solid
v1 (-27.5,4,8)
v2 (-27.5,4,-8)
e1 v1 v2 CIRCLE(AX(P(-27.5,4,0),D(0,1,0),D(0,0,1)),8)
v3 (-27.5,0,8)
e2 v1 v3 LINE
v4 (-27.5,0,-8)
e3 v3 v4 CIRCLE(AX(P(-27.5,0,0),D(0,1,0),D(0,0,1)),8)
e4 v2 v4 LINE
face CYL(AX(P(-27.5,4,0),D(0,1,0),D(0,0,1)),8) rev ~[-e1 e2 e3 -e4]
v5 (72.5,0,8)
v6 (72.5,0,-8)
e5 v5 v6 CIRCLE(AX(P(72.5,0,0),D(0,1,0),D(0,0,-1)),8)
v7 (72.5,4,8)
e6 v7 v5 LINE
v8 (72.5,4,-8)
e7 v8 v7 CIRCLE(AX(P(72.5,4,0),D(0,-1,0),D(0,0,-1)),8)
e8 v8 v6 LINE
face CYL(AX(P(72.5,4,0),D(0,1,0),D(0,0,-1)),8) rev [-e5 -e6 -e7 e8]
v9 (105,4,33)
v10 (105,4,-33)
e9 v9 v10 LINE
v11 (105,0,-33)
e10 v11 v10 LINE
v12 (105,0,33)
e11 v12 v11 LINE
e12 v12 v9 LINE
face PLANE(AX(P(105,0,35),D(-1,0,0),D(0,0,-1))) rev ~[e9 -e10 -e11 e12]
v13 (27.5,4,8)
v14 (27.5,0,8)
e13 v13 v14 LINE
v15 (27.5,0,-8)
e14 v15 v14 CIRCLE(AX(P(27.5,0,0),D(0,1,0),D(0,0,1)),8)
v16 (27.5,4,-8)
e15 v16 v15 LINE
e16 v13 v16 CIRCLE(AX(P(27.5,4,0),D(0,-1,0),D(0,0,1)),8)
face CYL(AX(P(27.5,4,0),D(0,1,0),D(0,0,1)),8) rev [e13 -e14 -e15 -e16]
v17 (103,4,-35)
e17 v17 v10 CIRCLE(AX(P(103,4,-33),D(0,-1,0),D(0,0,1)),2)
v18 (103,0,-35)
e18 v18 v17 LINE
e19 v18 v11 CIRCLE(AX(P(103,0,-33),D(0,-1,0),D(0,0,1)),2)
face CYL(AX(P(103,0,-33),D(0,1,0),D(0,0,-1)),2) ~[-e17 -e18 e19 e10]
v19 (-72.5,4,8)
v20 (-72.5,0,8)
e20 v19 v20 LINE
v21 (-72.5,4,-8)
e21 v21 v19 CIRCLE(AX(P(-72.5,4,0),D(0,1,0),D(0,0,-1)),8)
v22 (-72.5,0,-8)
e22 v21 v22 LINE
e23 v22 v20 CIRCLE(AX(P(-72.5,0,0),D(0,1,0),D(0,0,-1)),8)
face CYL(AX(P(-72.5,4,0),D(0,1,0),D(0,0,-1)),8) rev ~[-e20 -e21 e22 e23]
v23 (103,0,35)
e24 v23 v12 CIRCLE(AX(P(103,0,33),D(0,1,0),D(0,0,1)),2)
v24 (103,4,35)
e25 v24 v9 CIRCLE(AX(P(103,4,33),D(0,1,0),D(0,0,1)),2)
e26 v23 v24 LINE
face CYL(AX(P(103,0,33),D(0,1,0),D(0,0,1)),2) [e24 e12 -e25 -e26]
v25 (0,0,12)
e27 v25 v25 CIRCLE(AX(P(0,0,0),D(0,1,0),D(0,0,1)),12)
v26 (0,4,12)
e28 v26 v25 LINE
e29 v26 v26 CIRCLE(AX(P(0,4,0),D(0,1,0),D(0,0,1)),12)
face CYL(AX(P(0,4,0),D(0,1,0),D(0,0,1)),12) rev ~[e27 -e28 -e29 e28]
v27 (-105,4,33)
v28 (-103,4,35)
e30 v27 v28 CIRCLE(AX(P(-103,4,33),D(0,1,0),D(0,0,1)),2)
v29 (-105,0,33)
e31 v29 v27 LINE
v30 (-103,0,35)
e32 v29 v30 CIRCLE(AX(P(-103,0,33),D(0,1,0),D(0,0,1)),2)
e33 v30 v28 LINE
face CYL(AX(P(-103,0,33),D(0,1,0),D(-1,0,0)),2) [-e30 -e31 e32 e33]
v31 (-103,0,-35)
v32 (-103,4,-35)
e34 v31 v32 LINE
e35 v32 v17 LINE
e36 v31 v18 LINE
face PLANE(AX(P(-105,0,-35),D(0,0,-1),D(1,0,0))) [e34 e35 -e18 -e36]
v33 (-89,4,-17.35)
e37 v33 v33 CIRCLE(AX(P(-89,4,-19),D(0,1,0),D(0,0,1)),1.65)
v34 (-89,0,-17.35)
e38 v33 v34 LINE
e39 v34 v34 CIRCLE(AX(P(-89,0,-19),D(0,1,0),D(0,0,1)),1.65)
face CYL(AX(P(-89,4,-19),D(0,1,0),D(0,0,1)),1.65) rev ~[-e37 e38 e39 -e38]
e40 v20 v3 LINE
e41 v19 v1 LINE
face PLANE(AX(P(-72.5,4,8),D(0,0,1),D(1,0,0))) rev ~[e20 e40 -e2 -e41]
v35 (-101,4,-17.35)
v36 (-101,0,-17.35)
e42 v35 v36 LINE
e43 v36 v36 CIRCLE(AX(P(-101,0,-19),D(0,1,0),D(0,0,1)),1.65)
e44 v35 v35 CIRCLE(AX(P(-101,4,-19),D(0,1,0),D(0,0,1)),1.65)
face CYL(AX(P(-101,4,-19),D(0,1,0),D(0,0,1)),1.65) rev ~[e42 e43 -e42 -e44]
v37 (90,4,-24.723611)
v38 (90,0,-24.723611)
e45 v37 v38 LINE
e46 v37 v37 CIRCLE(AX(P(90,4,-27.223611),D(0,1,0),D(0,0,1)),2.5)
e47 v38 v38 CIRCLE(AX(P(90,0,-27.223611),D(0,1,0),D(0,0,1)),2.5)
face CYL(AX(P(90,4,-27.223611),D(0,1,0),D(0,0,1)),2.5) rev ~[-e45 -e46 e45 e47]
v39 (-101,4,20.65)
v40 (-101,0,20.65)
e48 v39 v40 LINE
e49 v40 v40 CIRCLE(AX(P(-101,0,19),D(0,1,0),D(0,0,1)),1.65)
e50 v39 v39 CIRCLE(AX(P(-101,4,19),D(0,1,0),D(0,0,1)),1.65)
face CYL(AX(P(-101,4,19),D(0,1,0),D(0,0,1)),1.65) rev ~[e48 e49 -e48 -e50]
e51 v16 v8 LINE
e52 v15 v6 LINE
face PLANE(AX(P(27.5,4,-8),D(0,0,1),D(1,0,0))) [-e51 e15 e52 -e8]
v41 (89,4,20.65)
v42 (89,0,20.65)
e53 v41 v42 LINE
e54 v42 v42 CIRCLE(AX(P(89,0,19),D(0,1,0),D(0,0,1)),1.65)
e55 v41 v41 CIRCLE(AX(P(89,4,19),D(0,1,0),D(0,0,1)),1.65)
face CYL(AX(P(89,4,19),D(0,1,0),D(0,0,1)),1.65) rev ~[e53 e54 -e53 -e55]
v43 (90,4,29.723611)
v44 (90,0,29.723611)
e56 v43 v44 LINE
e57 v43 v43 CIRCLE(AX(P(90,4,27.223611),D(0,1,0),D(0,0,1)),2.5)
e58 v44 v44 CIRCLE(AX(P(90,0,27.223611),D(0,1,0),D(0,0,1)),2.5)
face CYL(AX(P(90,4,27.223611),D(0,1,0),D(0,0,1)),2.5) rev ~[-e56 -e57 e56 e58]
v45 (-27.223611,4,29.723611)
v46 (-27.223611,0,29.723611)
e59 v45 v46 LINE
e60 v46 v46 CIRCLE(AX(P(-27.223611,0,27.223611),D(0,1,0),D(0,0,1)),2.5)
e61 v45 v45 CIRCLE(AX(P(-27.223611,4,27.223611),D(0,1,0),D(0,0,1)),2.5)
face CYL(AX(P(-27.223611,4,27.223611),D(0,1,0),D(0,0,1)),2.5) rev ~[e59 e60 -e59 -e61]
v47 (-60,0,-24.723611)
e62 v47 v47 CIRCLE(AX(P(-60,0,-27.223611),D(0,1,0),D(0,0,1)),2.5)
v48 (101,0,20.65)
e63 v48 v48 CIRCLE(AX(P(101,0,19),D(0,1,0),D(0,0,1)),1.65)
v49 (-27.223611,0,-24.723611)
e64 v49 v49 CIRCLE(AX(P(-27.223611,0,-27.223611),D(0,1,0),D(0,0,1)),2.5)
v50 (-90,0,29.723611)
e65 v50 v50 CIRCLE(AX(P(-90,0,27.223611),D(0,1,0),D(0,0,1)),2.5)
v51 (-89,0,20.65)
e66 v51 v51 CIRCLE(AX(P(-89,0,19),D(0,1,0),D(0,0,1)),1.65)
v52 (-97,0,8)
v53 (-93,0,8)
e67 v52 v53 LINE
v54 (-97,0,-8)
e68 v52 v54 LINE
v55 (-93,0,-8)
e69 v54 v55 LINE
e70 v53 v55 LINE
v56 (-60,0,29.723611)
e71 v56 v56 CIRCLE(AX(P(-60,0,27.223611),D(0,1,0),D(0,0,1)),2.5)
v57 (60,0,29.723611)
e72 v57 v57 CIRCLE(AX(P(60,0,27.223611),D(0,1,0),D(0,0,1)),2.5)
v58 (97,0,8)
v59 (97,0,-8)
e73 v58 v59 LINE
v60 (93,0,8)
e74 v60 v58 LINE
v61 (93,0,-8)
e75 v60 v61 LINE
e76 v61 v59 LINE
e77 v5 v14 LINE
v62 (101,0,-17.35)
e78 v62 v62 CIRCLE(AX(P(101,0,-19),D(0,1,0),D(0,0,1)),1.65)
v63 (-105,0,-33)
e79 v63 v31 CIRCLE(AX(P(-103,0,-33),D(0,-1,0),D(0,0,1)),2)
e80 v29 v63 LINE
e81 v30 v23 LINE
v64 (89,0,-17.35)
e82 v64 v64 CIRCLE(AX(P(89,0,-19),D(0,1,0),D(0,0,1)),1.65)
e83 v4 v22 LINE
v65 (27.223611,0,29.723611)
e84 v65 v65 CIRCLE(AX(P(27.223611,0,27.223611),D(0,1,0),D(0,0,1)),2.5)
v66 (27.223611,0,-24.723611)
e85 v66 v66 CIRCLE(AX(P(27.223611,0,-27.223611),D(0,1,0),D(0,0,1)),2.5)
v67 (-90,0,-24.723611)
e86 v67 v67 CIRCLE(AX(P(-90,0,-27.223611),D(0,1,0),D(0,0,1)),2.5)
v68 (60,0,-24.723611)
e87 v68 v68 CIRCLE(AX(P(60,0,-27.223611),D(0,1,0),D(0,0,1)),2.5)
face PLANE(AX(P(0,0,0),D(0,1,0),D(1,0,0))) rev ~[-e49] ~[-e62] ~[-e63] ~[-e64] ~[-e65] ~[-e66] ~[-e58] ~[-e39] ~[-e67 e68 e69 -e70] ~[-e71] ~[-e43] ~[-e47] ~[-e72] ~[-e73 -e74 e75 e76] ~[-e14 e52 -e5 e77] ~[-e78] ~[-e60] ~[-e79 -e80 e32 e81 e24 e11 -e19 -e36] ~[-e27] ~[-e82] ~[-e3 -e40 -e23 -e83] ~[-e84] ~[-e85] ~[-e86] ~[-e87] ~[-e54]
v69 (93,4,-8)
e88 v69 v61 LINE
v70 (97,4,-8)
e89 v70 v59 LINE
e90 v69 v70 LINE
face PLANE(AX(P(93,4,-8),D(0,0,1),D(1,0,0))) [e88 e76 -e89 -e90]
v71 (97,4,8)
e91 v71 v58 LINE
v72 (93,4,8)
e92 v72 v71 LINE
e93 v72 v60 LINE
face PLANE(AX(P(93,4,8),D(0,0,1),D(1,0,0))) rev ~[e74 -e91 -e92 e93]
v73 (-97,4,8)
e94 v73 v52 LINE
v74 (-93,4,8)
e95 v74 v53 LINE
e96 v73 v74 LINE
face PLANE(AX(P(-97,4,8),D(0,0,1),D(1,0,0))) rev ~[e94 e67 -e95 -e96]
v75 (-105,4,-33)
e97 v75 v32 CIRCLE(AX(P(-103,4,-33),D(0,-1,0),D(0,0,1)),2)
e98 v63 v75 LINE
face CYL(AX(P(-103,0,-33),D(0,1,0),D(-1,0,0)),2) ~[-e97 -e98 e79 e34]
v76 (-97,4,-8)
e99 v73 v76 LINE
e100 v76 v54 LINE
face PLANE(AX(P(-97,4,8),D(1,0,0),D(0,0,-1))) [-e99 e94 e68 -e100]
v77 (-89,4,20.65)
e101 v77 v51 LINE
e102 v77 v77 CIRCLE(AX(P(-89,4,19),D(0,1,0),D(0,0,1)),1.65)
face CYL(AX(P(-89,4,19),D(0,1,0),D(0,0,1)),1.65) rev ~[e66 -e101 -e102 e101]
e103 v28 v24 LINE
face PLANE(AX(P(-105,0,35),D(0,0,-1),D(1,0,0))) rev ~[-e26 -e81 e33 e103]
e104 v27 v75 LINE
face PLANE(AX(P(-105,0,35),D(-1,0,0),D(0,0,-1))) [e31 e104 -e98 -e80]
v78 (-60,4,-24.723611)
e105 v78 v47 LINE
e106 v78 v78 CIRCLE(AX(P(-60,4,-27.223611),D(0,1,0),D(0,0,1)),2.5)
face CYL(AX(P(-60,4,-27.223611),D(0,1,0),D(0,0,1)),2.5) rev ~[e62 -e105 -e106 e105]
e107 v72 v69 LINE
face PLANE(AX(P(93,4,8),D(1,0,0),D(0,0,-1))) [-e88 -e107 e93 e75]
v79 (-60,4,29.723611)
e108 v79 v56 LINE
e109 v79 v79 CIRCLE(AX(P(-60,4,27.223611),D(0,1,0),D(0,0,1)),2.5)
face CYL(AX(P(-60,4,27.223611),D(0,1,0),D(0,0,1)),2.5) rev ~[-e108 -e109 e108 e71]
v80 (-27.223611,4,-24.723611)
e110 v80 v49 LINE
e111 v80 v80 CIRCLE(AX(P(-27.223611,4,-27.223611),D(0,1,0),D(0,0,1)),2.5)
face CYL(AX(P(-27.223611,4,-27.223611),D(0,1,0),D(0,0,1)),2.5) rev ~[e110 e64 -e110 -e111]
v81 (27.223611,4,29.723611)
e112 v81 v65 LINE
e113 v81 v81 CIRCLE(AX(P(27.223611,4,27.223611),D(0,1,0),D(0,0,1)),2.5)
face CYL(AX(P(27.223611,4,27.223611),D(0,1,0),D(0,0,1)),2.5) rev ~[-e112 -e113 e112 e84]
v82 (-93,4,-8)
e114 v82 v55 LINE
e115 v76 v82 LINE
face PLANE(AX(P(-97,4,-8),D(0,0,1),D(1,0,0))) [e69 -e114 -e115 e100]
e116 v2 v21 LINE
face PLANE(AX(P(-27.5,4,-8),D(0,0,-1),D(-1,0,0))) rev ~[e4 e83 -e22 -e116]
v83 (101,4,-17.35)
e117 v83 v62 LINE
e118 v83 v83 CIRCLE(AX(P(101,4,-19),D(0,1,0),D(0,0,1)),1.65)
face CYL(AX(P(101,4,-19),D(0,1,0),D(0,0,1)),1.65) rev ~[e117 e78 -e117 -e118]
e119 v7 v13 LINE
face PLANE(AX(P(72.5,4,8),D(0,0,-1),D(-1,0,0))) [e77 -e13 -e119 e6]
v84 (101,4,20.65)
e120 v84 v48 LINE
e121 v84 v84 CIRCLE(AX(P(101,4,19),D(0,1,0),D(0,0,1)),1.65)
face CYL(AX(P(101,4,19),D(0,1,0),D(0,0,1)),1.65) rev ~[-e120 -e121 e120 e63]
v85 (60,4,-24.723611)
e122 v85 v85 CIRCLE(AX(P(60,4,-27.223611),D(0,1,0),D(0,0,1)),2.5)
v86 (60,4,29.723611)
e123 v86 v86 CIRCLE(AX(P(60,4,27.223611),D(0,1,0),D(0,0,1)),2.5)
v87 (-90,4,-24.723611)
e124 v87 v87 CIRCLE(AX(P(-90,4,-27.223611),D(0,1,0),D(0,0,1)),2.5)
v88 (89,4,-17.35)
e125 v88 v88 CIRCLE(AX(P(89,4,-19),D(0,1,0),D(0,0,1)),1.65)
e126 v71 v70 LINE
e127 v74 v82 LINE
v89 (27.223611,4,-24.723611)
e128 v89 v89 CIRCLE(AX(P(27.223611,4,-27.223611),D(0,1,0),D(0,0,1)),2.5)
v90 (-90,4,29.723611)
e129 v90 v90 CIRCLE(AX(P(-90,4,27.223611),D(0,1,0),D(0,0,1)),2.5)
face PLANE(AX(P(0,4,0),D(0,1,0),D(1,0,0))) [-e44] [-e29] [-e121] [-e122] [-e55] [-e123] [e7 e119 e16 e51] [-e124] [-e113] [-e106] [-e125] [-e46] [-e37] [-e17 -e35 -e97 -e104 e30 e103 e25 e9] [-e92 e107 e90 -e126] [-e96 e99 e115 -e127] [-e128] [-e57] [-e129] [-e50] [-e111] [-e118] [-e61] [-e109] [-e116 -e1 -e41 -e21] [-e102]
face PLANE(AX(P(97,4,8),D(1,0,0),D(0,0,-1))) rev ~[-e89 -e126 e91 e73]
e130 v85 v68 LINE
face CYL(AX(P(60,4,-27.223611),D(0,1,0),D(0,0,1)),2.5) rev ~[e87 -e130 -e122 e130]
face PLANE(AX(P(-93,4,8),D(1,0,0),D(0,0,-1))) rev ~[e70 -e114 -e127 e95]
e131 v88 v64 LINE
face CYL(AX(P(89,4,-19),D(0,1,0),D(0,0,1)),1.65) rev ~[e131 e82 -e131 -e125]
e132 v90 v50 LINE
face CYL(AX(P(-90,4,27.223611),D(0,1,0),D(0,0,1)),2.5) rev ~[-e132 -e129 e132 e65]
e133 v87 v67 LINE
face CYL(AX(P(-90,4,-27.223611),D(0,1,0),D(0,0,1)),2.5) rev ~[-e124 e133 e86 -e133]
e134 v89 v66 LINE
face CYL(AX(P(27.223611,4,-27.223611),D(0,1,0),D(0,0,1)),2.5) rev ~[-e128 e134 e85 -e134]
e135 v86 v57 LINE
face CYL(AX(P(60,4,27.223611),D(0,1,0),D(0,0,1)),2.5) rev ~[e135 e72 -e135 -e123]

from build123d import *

# Parameters (mm, degrees)
SKETCH_1_W          = 210
SKETCH_1_H          = 70
EXTRUDE_1_DEPTH     = 4
SKETCH_2_R          = 1.65
CUT_EXTRUDE_1_DEPTH = 50
SKETCH_3_W          = 4
SKETCH_3_H          = 16
CUT_EXTRUDE_2_DEPTH = 50
FILLET_1_R          = 2
SKETCH_7_R          = 2.5
CUT_EXTRUDE_4_DEPTH = 100
SKETCH_8_R          = 12
CUT_EXTRUDE_5_DEPTH = 10
CUT_EXTRUDE_6_DEPTH = 10
SKETCH_10_R         = 2.5
CUT_EXTRUDE_7_DEPTH = 10


with BuildPart() as part:
    # 草图1 → 凸台-拉伸1 (new body)
    with BuildSketch(Plane(origin=(0, 0, 0), x_dir=(1, 0, 0), z_dir=(0, 1, 0))):
        Rectangle(SKETCH_1_W, SKETCH_1_H)
    extrude(amount=EXTRUDE_1_DEPTH)

    # 草图2 → 切除-拉伸1 (cut)
    with BuildSketch(Plane(origin=(0, 4, 0), x_dir=(1, 0, 0), z_dir=(0, 1, 0))):
        with Locations(Location((101, 19, 0), (0, 0, 270))):
            Circle(SKETCH_2_R)
        with Locations(Location((101, -19, 0), (0, 0, 270))):
            Circle(SKETCH_2_R)
        with Locations(Location((-101, -19, 0), (0, 0, 270))):
            Circle(SKETCH_2_R)
        with Locations(Location((-101, 19, 0), (0, 0, 270))):
            Circle(SKETCH_2_R)
        with Locations(Location((89, 19, 0), (0, 0, 270))):
            Circle(SKETCH_2_R)
        with Locations(Location((89, -19, 0), (0, 0, 270))):
            Circle(SKETCH_2_R)
        with Locations(Location((-89, -19, 0), (0, 0, 270))):
            Circle(SKETCH_2_R)
        with Locations(Location((-89, 19, 0), (0, 0, 270))):
            Circle(SKETCH_2_R)
    extrude(amount=-CUT_EXTRUDE_1_DEPTH, mode=Mode.SUBTRACT)

    # 草图3 → 切除-拉伸2 (cut)
    with BuildSketch(Plane(origin=(0, 4, 0), x_dir=(1, 0, 0), z_dir=(0, 1, 0))):
        with Locations((95, 0)):
            Rectangle(SKETCH_3_W, SKETCH_3_H)
        with Locations((-95, 0)):
            Rectangle(SKETCH_3_W, SKETCH_3_H)
    extrude(amount=-CUT_EXTRUDE_2_DEPTH, mode=Mode.SUBTRACT)

    # 圆角1
    fillet_1_edges = [part.edges().sort_by_distance(p)[0] for p in [
        (105, 2, 35),
        (-105, 2, 35),
        (-105, 2, -35),
        (105, 2, -35),
    ]]
    fillet(fillet_1_edges, radius=FILLET_1_R)

    # 草图7 → 切除-拉伸4 (cut)
    with BuildSketch(Plane(origin=(0, 4, 0), x_dir=(1, 0, 0), z_dir=(0, 1, 0))):
        with Locations(Location((27.223611076, 27.223611076, 0), (0, 0, 270))):
            Circle(SKETCH_7_R)
        with Locations(Location((-27.223611076, 27.223611076, 0), (0, 0, 270))):
            Circle(SKETCH_7_R)
        with Locations(Location((27.223611076, -27.223611076, 0), (0, 0, 270))):
            Circle(SKETCH_7_R)
        with Locations(Location((-27.223611076, -27.223611076, 0), (0, 0, 270))):
            Circle(SKETCH_7_R)
    extrude(amount=-CUT_EXTRUDE_4_DEPTH, mode=Mode.SUBTRACT)

    # 草图8 → 切除-拉伸5 (cut)
    with BuildSketch(Plane(origin=(0, 4, 0), x_dir=(1, 0, 0), z_dir=(0, 1, 0))):
        with Locations(Location((0, 0, 0), (0, 0, 270))):
            Circle(SKETCH_8_R)
    extrude(amount=-CUT_EXTRUDE_5_DEPTH, mode=Mode.SUBTRACT)

    # 草图9 → 切除-拉伸6 (cut)
    with BuildSketch(Plane(origin=(0, 4, 0), x_dir=(1, 0, 0), z_dir=(0, 1, 0))):
        with BuildLine():
            Line((27.5, 8), (72.5, 8))
            ThreePointArc((72.5, 8), (80.5, 0), (72.5, -8))
            Line((72.5, -8), (27.5, -8))
            ThreePointArc((27.5, -8), (19.5, 0), (27.5, 8))
        make_face()
        with BuildLine():
            Line((-27.5, 8), (-72.5, 8))
            ThreePointArc((-72.5, 8), (-80.5, 0), (-72.5, -8))
            Line((-72.5, -8), (-27.5, -8))
            ThreePointArc((-27.5, -8), (-19.5, 0), (-27.5, 8))
        make_face()
    extrude(amount=-CUT_EXTRUDE_6_DEPTH, mode=Mode.SUBTRACT)

    # 草图10 → 切除-拉伸7 (cut)
    with BuildSketch(Plane(origin=(0, 4, 0), x_dir=(1, 0, 0), z_dir=(0, 1, 0))):
        with Locations(Location((-90, -27.223611076, 0), (0, 0, 270))):
            Circle(SKETCH_10_R)
        with Locations(Location((-60, -27.223611076, 0), (0, 0, 270))):
            Circle(SKETCH_10_R)
        with Locations(Location((60, -27.223611076, 0), (0, 0, 270))):
            Circle(SKETCH_10_R)
        with Locations(Location((90, -27.223611076, 0), (0, 0, 270))):
            Circle(SKETCH_10_R)
        with Locations(Location((90, 27.223611076, 0), (0, 0, 270))):
            Circle(SKETCH_10_R)
        with Locations(Location((60, 27.223611076, 0), (0, 0, 270))):
            Circle(SKETCH_10_R)
        with Locations(Location((-60, 27.223611076, 0), (0, 0, 270))):
            Circle(SKETCH_10_R)
        with Locations(Location((-90, 27.223611076, 0), (0, 0, 270))):
            Circle(SKETCH_10_R)
    extrude(amount=-CUT_EXTRUDE_7_DEPTH, mode=Mode.SUBTRACT)


solid = part.part
